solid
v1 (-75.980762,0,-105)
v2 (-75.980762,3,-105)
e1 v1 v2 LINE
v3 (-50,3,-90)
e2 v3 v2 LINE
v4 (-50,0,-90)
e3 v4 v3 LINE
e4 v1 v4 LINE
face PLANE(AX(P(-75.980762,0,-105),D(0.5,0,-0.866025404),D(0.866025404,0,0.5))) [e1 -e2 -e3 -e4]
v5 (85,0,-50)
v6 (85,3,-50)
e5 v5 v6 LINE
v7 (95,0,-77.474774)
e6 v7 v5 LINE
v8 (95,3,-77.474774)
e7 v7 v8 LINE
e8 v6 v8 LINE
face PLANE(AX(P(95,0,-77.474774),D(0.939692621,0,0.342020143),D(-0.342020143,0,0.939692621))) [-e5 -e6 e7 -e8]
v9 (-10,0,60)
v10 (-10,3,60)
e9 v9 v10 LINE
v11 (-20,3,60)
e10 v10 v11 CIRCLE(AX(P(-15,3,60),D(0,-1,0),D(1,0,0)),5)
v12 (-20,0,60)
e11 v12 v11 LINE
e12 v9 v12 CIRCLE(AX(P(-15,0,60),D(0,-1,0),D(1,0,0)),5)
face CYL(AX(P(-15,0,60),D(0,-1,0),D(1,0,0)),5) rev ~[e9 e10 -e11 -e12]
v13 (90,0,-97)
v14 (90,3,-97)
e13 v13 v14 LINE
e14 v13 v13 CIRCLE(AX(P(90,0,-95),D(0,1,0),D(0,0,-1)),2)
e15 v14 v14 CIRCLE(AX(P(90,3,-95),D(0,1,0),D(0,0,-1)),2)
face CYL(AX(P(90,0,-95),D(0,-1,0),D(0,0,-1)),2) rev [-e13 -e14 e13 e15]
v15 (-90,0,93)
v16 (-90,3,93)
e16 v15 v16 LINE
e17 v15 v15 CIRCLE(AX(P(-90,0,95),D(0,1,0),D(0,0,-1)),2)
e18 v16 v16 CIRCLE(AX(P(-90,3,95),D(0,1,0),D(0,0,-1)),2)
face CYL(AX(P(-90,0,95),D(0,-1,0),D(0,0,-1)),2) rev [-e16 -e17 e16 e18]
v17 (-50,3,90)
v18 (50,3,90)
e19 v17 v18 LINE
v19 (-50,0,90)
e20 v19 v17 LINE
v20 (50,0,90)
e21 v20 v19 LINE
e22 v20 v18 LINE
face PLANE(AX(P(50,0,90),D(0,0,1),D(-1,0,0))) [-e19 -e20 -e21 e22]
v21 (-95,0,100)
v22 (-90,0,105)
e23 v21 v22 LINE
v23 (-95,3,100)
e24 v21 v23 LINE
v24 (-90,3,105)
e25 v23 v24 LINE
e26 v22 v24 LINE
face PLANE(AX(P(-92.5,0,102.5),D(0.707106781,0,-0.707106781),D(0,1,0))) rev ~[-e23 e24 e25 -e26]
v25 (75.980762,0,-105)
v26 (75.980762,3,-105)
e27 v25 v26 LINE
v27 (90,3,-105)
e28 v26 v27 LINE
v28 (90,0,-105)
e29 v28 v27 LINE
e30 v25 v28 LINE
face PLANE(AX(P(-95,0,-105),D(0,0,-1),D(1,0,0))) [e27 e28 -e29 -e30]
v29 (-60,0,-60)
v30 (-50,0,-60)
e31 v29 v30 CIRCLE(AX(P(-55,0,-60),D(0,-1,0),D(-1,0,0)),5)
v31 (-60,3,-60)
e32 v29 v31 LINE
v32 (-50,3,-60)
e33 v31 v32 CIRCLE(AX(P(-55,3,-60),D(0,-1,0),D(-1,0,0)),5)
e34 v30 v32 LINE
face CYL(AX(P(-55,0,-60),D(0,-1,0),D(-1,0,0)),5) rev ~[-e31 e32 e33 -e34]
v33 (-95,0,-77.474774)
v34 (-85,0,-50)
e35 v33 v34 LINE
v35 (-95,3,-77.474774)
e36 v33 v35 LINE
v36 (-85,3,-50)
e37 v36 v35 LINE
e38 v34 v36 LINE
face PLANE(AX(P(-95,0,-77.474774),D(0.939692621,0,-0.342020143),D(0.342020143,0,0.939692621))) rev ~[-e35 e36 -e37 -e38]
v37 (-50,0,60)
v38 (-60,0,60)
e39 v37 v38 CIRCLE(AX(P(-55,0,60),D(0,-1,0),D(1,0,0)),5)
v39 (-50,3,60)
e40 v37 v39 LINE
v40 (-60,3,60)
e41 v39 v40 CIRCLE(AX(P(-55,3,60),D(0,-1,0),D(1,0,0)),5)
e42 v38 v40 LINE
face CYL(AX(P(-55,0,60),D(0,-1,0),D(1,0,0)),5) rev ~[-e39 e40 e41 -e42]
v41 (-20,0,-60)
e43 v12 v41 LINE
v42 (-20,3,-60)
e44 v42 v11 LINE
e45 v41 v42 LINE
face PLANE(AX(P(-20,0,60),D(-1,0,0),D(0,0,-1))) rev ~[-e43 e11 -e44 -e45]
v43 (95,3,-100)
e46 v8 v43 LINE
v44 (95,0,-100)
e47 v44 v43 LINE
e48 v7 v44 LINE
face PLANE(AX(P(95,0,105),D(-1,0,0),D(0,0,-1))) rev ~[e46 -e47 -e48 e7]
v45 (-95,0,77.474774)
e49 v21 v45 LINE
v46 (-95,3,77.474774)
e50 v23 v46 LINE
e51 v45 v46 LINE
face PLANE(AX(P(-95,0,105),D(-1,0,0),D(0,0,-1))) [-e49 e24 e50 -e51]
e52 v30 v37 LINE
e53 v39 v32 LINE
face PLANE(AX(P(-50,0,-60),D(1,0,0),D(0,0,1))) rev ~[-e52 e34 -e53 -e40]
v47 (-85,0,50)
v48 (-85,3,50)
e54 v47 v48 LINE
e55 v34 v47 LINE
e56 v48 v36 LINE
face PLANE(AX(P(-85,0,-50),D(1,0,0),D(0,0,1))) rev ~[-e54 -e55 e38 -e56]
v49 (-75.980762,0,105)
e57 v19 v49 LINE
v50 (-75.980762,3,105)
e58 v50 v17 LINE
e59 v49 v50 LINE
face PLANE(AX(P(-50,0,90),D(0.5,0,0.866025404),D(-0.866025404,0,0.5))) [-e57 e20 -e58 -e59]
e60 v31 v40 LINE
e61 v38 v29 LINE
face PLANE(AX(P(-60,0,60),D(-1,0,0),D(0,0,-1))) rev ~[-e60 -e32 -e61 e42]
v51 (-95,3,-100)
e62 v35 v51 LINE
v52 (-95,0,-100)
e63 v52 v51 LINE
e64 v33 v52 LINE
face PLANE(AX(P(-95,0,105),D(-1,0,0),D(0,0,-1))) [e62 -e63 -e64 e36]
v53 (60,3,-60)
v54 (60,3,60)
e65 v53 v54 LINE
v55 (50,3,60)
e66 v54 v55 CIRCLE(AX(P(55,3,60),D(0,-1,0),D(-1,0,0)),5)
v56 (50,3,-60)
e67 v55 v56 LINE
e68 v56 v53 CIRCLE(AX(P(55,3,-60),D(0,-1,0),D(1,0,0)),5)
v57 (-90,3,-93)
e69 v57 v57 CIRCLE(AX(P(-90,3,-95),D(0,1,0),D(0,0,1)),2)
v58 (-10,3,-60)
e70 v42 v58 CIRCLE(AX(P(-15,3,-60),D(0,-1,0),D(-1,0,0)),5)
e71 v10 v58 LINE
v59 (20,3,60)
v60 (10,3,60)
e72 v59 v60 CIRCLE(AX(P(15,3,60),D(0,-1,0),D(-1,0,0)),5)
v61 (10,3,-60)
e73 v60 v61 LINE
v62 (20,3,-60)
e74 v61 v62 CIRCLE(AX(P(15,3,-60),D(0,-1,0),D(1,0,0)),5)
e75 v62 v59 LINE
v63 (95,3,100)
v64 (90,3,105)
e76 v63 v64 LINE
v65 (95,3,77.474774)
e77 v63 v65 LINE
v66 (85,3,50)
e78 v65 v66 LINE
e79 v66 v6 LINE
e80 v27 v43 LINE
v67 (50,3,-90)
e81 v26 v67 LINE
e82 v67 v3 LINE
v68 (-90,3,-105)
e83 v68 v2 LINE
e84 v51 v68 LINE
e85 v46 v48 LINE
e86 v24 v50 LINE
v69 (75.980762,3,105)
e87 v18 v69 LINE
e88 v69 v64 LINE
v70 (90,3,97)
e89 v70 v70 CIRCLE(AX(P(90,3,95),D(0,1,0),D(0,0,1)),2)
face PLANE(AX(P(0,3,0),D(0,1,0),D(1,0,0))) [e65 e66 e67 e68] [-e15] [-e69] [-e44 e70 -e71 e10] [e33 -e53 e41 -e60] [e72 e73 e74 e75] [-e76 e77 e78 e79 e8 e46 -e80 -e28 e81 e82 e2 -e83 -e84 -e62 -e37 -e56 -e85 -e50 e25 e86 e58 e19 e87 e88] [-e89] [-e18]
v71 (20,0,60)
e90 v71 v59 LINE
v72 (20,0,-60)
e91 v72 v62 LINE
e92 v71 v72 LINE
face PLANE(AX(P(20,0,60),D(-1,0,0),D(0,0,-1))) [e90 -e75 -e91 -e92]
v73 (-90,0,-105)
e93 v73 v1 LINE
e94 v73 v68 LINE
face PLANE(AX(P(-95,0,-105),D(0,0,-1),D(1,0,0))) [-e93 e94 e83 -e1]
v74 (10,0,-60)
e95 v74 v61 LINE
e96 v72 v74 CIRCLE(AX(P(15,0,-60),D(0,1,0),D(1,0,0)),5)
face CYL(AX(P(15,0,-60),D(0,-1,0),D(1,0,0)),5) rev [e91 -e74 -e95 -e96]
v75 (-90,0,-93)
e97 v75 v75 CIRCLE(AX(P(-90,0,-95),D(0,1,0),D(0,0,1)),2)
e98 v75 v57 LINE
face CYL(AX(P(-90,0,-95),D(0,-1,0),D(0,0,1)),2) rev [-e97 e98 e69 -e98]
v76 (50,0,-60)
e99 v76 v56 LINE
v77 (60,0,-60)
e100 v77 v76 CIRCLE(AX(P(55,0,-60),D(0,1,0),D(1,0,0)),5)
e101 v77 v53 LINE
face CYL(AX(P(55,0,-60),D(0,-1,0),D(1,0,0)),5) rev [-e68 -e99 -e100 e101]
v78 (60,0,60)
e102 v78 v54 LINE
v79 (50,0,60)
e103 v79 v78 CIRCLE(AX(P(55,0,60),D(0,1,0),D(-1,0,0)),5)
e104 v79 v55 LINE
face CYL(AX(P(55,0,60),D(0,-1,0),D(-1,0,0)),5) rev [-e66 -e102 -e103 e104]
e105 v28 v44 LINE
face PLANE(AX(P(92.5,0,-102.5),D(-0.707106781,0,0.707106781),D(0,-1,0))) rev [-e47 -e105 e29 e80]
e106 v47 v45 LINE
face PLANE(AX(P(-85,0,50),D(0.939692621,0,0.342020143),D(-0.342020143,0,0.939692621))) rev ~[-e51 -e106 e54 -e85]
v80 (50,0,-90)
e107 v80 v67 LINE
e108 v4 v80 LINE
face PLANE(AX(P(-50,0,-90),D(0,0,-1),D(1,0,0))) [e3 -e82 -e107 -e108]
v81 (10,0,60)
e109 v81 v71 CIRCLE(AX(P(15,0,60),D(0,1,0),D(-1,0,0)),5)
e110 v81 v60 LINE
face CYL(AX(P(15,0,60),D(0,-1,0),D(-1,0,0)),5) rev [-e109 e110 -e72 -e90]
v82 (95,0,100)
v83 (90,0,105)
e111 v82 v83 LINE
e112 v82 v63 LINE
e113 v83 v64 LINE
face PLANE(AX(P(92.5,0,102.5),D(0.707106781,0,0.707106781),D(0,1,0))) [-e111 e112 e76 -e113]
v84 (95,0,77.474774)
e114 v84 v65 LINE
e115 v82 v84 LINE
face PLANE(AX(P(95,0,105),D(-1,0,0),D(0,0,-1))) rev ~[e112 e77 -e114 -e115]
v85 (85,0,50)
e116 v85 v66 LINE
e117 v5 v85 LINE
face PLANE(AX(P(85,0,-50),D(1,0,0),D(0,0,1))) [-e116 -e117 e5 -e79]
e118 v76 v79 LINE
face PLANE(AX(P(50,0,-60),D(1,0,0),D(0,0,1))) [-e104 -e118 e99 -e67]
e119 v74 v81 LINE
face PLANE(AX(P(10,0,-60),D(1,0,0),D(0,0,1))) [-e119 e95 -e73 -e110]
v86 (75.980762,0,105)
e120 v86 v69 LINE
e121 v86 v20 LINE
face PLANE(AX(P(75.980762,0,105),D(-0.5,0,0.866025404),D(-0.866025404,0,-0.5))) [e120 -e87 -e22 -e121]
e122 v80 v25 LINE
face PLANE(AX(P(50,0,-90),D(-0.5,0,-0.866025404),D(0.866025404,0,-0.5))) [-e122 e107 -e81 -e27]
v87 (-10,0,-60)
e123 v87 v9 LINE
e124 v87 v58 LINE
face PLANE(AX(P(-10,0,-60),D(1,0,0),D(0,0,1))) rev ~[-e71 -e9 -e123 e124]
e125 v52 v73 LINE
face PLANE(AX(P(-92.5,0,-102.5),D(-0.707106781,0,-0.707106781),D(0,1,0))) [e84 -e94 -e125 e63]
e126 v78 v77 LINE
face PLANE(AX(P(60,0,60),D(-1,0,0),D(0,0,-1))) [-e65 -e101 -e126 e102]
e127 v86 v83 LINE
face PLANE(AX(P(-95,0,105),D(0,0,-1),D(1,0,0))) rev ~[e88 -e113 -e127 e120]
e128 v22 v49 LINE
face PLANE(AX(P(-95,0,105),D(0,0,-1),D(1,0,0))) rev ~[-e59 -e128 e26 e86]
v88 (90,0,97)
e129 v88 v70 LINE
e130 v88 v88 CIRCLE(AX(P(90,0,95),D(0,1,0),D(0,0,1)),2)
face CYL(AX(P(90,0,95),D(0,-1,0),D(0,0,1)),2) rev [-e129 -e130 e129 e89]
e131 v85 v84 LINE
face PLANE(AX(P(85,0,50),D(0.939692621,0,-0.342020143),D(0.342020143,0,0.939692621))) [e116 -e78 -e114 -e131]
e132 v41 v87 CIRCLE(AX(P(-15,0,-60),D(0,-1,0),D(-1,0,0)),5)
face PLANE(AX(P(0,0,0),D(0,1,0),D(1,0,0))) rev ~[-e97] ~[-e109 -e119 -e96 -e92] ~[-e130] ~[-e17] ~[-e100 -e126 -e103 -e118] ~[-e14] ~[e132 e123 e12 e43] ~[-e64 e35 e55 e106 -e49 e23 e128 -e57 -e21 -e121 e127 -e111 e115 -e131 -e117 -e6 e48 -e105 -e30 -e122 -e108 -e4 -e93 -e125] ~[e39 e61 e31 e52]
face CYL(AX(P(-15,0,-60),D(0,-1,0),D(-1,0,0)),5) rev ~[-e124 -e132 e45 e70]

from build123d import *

# Parameters (mm, degrees)
SKETCH_2_W          = 190
SKETCH_2_H          = 210
SKETCH_2_R          = 2
EXTRUDE_1_DEPTH     = 3
CUT_EXTRUDE_1_DEPTH = 142.629799124
CHAMFER_1_SIZE      = 5


with BuildPart() as part:
    # 草图2 → 凸台-拉伸1 (new body)
    with BuildSketch(Plane(origin=(0, 0, 0), x_dir=(1, 0, 0), z_dir=(0, 1, 0))):
        Rectangle(SKETCH_2_W, SKETCH_2_H)
        with Locations(Location((-90, 95, 0), (0, 0, 270))):
            Circle(SKETCH_2_R, mode=Mode.SUBTRACT)
        with Locations(Location((90, 95, 0), (0, 0, 90))):
            Circle(SKETCH_2_R, mode=Mode.SUBTRACT)
        with Locations(Location((90, -95, 0), (0, 0, 270))):
            Circle(SKETCH_2_R, mode=Mode.SUBTRACT)
        with Locations(Location((-90, -95, 0), (0, 0, 90))):
            Circle(SKETCH_2_R, mode=Mode.SUBTRACT)
    extrude(amount=EXTRUDE_1_DEPTH)

    # 草图3 → 切除-拉伸1 (cut, through all)
    with BuildSketch(Plane(origin=(0, 0, 0), x_dir=(1, 0, 0), z_dir=(0, 1, 0))):
        Polygon((-75.980762114, 105), (-50, 90), (50, 90), (75.980762114, 105), align=None)
        Polygon((-95, 77.474774195), (-85, 50), (-85, -50), (-95, -77.474774195), align=None)
        with BuildLine():
            Line((-50, 60), (-50, -60))
            ThreePointArc((-50, -60), (-55, -65), (-60, -60))
            Line((-60, -60), (-60, 60))
            ThreePointArc((-60, 60), (-55, 65), (-50, 60))
        make_face()
        with BuildLine():
            Line((-10, 60), (-10, -60))
            ThreePointArc((-10, -60), (-15, -65), (-20, -60))
            Line((-20, -60), (-20, 60))
            ThreePointArc((-20, 60), (-15, 65), (-10, 60))
        make_face()
        with BuildLine():
            Line((10, 60), (10, -60))
            ThreePointArc((10, -60), (15, -65), (20, -60))
            Line((20, -60), (20, 60))
            ThreePointArc((20, 60), (15, 65), (10, 60))
        make_face()
        with BuildLine():
            Line((50, 60), (50, -60))
            ThreePointArc((50, -60), (55, -65), (60, -60))
            Line((60, -60), (60, 60))
            ThreePointArc((60, 60), (55, 65), (50, 60))
        make_face()
        Polygon((85, 50), (85, -50), (95, -77.474774195), (95, 77.474774195), align=None)
        Polygon((75.980762114, -105), (50, -90), (-50, -90), (-75.980762114, -105), align=None)
    extrude(amount=CUT_EXTRUDE_1_DEPTH, mode=Mode.SUBTRACT)

    # 倒角1
    chamfer_1_edges = [part.edges().sort_by_distance(p)[0] for p in [
        (-95, 1.5, -105),
        (95, 1.5, -105),
        (95, 1.5, 105),
        (-95, 1.5, 105),
    ]]
    chamfer(chamfer_1_edges, length=CHAMFER_1_SIZE)


solid = part.part
